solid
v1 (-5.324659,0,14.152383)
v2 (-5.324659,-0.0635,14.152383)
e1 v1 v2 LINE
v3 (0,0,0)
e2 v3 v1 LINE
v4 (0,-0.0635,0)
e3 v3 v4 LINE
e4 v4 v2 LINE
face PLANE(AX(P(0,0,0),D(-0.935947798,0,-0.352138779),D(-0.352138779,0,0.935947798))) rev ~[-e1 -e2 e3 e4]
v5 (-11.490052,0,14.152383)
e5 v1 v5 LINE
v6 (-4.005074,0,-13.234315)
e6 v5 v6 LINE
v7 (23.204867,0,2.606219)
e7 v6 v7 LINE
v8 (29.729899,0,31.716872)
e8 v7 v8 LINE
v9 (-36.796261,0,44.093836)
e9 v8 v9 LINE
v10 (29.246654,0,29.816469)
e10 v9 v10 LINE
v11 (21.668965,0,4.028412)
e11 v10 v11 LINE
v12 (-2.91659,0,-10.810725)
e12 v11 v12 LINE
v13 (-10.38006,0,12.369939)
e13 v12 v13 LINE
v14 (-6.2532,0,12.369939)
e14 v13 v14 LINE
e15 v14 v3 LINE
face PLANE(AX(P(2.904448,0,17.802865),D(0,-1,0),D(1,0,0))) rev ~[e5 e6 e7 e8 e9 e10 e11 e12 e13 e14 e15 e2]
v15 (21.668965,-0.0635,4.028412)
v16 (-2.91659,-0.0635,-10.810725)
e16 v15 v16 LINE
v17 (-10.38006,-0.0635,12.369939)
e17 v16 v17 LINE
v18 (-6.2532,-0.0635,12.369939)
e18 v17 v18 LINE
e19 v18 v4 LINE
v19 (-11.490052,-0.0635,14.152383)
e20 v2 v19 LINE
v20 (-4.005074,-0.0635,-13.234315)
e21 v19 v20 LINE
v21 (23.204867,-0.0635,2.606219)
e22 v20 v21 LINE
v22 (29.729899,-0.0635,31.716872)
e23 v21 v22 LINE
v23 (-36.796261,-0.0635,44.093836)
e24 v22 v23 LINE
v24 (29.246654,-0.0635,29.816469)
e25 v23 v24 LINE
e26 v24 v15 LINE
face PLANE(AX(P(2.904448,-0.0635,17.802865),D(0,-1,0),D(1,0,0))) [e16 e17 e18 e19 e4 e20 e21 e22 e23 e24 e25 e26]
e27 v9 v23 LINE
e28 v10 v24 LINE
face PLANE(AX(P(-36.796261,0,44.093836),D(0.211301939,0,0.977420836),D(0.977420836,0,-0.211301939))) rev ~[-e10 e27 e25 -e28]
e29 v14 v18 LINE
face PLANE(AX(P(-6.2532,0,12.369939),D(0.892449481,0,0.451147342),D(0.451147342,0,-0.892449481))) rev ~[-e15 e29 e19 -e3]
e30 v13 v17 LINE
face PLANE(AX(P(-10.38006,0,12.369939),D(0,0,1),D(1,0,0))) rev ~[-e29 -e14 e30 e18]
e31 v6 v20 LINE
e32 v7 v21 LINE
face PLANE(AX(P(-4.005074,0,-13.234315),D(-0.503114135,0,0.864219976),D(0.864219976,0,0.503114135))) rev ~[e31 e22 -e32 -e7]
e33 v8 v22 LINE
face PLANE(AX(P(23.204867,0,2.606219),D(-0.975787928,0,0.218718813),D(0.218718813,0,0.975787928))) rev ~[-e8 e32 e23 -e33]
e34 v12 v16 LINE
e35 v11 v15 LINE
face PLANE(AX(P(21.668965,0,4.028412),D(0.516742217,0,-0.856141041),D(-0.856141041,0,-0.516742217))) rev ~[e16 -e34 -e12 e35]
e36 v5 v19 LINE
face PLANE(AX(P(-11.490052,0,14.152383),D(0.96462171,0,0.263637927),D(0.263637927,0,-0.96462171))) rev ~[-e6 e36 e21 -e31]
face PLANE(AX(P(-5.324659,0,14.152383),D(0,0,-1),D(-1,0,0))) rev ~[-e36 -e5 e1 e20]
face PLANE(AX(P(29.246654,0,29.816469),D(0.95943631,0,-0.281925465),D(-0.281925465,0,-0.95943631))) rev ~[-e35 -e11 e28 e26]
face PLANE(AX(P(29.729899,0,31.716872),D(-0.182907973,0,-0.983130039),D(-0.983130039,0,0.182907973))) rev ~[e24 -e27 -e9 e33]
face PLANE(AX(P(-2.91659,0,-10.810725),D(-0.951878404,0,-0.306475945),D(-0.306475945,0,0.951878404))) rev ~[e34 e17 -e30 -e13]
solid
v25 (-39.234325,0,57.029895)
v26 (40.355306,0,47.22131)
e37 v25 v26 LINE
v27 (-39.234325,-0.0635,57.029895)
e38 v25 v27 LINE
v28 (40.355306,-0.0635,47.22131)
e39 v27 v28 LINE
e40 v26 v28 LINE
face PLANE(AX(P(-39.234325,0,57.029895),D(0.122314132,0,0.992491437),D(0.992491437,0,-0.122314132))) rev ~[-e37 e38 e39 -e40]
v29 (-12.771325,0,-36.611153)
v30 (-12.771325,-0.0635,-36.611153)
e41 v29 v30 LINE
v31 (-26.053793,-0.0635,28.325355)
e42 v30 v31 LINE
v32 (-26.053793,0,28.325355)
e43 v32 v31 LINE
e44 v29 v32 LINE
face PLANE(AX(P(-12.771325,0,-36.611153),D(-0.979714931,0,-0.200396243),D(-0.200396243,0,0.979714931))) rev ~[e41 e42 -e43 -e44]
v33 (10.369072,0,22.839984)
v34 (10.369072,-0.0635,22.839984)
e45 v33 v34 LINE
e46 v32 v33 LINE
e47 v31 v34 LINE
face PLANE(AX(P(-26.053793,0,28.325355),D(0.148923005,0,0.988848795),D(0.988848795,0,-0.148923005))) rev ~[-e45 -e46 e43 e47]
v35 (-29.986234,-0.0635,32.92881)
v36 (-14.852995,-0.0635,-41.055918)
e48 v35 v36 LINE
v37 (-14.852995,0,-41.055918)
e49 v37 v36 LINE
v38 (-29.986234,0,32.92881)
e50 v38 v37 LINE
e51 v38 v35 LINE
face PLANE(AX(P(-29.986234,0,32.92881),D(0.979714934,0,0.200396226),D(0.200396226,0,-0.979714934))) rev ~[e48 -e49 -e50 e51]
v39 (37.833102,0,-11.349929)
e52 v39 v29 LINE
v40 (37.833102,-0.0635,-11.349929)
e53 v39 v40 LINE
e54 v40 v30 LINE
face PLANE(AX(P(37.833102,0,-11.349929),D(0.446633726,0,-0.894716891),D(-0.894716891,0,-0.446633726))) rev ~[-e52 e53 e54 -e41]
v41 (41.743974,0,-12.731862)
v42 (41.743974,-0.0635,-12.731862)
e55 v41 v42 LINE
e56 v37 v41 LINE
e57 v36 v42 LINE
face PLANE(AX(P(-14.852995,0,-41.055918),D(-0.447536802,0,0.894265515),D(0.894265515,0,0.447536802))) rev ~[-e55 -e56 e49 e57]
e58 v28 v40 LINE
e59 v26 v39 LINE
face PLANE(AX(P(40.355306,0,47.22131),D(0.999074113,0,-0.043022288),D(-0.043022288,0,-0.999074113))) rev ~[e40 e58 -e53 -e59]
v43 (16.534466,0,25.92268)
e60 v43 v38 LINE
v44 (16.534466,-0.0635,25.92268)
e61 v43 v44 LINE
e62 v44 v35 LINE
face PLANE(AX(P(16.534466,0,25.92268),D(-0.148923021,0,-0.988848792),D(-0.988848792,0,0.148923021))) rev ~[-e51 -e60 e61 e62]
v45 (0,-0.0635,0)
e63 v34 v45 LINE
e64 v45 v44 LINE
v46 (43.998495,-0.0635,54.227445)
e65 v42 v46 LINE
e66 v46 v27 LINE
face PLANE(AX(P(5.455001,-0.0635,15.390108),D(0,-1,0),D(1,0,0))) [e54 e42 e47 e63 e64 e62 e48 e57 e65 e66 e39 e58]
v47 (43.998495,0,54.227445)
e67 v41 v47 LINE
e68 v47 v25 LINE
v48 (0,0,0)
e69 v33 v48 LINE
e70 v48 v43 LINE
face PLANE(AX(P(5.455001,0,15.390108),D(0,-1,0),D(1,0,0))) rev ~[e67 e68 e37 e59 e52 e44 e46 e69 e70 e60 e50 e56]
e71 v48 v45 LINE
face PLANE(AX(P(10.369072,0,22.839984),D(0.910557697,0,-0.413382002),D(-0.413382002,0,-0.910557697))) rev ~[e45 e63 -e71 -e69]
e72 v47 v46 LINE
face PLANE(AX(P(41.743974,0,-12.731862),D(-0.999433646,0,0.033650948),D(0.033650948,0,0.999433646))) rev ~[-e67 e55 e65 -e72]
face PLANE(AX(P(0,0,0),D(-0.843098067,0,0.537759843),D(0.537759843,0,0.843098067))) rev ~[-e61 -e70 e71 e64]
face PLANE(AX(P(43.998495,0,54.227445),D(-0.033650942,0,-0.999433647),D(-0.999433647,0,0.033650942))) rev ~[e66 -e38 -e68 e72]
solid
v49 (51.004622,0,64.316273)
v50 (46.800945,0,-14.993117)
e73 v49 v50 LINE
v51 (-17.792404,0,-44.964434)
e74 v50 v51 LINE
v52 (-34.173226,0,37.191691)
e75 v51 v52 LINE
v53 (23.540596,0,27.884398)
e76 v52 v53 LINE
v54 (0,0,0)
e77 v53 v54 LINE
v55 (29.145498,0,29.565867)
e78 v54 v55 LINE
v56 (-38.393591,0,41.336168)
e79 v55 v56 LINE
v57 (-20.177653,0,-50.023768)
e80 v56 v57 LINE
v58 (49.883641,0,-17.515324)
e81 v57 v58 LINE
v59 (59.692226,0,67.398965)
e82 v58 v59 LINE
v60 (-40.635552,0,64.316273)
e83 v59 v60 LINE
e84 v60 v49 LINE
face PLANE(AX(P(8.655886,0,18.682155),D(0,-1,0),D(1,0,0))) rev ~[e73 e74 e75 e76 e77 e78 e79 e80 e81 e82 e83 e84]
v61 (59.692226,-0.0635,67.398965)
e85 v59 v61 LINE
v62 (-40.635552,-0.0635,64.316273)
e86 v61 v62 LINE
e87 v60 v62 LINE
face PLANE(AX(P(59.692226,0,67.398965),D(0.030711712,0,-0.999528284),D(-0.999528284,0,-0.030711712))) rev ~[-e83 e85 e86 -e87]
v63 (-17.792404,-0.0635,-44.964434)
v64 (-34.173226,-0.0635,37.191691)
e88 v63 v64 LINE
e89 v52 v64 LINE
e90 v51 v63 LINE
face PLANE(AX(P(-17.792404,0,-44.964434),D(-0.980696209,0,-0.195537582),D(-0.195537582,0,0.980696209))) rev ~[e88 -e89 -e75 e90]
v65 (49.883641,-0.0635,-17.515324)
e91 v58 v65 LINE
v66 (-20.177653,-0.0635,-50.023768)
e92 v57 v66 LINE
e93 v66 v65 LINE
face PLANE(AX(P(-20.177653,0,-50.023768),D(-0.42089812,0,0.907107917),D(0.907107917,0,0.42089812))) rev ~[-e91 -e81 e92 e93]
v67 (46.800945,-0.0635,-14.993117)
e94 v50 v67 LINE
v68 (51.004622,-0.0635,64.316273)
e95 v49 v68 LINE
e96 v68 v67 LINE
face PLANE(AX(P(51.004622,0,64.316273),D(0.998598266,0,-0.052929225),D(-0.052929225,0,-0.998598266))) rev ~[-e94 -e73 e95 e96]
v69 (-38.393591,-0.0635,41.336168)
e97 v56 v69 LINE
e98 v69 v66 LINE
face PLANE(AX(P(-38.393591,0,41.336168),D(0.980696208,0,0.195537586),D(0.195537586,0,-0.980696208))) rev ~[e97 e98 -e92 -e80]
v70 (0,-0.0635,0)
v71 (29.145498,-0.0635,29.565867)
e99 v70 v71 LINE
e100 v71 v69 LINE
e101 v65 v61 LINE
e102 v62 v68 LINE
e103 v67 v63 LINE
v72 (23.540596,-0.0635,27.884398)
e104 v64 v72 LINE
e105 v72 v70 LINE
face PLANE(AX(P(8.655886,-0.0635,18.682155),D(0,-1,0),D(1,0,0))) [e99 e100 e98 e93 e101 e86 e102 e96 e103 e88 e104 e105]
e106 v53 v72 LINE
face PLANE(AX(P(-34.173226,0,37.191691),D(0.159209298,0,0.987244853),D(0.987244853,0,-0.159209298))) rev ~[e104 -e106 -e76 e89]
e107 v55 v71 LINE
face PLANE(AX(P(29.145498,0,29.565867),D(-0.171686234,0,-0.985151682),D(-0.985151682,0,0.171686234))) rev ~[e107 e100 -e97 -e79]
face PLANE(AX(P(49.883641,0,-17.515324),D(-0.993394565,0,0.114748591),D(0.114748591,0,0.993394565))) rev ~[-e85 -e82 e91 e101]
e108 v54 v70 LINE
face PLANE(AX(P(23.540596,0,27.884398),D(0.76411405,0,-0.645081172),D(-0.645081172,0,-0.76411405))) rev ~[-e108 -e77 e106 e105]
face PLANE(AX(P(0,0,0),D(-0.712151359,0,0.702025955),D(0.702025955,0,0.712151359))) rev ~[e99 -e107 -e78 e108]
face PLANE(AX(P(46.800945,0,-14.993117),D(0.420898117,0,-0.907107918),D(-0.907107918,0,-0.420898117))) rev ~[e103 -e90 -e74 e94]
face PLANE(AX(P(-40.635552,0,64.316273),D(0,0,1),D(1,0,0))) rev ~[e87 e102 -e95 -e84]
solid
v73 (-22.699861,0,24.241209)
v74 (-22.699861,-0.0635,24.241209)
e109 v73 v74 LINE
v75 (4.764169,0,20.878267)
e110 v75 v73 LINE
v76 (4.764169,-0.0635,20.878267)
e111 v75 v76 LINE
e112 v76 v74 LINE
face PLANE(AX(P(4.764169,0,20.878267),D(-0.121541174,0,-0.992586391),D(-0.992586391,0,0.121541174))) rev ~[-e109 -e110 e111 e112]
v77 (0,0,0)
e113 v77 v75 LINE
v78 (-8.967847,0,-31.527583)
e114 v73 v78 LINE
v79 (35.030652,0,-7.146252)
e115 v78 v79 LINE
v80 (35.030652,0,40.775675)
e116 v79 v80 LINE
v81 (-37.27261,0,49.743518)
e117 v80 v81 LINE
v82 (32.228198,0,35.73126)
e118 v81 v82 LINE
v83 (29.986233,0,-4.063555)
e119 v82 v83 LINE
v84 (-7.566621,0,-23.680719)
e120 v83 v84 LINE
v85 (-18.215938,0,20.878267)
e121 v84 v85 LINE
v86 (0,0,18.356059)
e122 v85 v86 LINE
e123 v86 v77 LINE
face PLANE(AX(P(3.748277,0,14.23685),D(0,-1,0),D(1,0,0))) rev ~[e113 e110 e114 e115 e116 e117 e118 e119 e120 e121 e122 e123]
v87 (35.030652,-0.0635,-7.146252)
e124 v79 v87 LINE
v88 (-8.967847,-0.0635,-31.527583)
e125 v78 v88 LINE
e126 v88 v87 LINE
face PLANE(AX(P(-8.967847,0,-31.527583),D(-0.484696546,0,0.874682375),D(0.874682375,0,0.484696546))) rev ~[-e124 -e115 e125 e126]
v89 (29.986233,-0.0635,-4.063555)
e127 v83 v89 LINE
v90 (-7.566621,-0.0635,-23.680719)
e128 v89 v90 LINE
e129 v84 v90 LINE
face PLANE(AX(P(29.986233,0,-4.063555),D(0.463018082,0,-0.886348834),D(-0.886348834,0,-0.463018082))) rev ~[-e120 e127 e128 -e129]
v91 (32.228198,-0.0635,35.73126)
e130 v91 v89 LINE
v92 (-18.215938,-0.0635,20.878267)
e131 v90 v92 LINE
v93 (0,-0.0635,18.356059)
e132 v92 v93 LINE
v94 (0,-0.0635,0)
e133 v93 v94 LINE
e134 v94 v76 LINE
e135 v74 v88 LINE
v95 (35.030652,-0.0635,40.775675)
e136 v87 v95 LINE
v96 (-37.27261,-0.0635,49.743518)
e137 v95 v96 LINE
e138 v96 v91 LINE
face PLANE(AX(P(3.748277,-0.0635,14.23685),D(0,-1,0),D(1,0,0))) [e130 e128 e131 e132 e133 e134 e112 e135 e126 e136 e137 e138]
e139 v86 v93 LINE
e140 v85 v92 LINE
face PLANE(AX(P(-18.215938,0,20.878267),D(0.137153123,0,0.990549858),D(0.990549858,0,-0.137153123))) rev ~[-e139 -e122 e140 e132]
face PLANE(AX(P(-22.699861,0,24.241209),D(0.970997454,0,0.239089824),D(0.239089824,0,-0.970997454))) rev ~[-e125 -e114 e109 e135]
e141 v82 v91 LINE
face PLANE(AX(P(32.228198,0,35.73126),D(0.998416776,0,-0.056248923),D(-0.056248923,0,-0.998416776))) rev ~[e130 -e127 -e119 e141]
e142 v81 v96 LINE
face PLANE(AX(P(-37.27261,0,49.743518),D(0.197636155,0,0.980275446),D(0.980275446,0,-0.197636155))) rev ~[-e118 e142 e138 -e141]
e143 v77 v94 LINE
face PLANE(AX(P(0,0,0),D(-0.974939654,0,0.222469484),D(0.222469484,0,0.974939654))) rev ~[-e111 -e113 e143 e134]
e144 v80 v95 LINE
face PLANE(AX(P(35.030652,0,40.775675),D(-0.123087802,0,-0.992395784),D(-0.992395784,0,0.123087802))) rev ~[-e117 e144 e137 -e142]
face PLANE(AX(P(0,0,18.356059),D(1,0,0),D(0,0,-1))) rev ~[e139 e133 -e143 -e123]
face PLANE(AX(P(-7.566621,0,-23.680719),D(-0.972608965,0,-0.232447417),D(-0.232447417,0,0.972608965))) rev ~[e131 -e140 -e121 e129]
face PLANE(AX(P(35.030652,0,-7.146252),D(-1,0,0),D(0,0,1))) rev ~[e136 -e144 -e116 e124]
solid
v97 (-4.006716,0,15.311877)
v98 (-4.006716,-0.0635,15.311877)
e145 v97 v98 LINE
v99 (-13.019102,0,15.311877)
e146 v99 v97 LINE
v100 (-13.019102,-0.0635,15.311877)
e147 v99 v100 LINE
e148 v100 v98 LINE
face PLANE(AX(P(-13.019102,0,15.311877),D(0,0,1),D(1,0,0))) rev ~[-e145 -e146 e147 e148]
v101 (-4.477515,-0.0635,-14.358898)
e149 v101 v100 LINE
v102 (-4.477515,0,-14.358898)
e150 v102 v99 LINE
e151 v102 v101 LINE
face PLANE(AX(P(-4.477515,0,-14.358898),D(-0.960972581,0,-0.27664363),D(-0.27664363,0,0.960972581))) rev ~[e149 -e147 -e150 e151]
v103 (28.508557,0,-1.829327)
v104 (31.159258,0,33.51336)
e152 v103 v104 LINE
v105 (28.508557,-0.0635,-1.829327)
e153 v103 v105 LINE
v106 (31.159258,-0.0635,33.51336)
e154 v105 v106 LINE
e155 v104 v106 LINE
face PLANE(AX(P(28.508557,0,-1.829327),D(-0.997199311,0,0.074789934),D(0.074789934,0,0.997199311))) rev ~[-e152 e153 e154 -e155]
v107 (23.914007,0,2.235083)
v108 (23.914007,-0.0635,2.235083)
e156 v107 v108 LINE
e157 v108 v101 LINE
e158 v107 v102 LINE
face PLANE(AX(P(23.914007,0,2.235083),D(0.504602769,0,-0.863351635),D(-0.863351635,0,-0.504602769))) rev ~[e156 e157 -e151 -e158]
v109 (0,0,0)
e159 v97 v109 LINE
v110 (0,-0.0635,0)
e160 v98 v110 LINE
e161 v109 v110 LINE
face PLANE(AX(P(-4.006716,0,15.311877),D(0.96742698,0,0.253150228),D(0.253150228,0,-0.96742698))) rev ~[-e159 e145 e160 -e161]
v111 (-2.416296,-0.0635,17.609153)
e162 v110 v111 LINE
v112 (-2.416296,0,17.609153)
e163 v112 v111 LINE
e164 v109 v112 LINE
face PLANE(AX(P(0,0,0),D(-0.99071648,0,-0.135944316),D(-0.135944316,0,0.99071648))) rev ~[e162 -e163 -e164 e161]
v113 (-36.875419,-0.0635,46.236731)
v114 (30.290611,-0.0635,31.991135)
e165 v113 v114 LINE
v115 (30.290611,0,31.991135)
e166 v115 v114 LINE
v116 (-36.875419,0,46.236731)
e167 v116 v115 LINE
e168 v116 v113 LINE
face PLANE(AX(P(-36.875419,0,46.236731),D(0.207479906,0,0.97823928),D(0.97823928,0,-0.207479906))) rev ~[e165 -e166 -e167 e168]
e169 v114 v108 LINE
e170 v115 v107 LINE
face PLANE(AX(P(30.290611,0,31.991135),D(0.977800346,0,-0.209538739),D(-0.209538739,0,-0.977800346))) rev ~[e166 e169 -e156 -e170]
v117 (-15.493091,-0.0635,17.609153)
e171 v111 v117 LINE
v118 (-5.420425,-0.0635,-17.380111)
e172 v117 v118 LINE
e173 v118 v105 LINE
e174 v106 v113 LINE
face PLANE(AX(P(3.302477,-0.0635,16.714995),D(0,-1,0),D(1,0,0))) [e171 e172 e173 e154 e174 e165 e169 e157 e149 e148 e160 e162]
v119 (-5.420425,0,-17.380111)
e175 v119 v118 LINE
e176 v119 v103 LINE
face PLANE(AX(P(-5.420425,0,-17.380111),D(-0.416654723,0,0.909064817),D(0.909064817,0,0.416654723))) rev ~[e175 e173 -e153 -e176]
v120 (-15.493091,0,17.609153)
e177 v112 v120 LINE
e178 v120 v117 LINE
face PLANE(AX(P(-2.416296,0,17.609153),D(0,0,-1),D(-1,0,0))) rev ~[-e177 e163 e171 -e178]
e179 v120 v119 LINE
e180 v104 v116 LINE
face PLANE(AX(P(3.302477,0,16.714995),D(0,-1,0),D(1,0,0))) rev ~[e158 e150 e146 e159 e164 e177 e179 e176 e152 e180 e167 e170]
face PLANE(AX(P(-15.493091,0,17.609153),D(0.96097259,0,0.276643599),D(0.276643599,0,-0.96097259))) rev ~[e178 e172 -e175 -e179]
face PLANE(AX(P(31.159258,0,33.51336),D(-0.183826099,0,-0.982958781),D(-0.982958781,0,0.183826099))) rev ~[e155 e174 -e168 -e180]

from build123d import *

# Parameters (mm, degrees)
F1_DEPTH = 0.0635
F3_DEPTH = 0.0635
F5_DEPTH = 0.0635
F7_DEPTH = 0.0635
F9_DEPTH = 0.0635


with BuildPart() as f1:
    # F0 (on Front) → F1 (new body)
    with BuildSketch(Plane.XZ):
        Polygon((23.540596, 27.884398), (0, 0), (29.145498, 29.565867), (-38.393591, 41.336168), (-20.177653, -50.023768), (49.883641, -17.515324), (59.692226, 67.398965), (-40.635552, 64.316273), (51.004622, 64.316273), (46.800945, -14.993117), (-17.792404, -44.964434), (-34.173226, 37.191691), align=None)
    extrude(amount=F1_DEPTH)


with BuildPart() as f3:
    # F2 (on Front) → F3 (new body)
    with BuildSketch(Plane.XZ):
        Polygon((43.998495, 54.227445), (-39.234325, 57.029895), (40.355306, 47.22131), (37.833102, -11.349929), (-12.771325, -36.611153), (-26.053793, 28.325355), (10.369072, 22.839984), (0, 0), (16.534466, 25.92268), (-29.986234, 32.92881), (-14.852995, -41.055918), (41.743974, -12.731862), align=None)
    extrude(amount=F3_DEPTH)


with BuildPart() as f5:
    # F4 (on Front) → F5 (new body)
    with BuildSketch(Plane.XZ):
        Polygon((35.030652, 40.775675), (-37.27261, 49.743518), (32.228198, 35.73126), (29.986233, -4.063555), (-7.566621, -23.680719), (-18.215938, 20.878267), (0, 18.356059), (0, 0), (4.764169, 20.878267), (-22.699861, 24.241209), (-8.967847, -31.527583), (35.030652, -7.146252), align=None)
    extrude(amount=F5_DEPTH)


with BuildPart() as f7:
    # F6 (on Front) → F7 (new body)
    with BuildSketch(Plane.XZ):
        Polygon((31.159258, 33.51336), (-36.875419, 46.236731), (30.290611, 31.991135), (23.914007, 2.235083), (-4.477515, -14.358898), (-13.019102, 15.311877), (-4.006716, 15.311877), (0, 0), (-2.416296, 17.609153), (-15.493091, 17.609153), (-5.420425, -17.380111), (28.508557, -1.829327), align=None)
    extrude(amount=F7_DEPTH)


with BuildPart() as f9:
    # F8 (on Front) → F9 (new body)
    with BuildSketch(Plane.XZ):
        Polygon((29.729899, 31.716872), (-36.796261, 44.093836), (29.246654, 29.816469), (21.668965, 4.028412), (-2.91659, -10.810725), (-10.38006, 12.369939), (-6.2532, 12.369939), (0, 0), (-5.324659, 14.152383), (-11.490052, 14.152383), (-4.005074, -13.234315), (23.204867, 2.606219), align=None)
    extrude(amount=F9_DEPTH)


solid = Compound([f1.part, f3.part, f5.part, f7.part, f9.part])
